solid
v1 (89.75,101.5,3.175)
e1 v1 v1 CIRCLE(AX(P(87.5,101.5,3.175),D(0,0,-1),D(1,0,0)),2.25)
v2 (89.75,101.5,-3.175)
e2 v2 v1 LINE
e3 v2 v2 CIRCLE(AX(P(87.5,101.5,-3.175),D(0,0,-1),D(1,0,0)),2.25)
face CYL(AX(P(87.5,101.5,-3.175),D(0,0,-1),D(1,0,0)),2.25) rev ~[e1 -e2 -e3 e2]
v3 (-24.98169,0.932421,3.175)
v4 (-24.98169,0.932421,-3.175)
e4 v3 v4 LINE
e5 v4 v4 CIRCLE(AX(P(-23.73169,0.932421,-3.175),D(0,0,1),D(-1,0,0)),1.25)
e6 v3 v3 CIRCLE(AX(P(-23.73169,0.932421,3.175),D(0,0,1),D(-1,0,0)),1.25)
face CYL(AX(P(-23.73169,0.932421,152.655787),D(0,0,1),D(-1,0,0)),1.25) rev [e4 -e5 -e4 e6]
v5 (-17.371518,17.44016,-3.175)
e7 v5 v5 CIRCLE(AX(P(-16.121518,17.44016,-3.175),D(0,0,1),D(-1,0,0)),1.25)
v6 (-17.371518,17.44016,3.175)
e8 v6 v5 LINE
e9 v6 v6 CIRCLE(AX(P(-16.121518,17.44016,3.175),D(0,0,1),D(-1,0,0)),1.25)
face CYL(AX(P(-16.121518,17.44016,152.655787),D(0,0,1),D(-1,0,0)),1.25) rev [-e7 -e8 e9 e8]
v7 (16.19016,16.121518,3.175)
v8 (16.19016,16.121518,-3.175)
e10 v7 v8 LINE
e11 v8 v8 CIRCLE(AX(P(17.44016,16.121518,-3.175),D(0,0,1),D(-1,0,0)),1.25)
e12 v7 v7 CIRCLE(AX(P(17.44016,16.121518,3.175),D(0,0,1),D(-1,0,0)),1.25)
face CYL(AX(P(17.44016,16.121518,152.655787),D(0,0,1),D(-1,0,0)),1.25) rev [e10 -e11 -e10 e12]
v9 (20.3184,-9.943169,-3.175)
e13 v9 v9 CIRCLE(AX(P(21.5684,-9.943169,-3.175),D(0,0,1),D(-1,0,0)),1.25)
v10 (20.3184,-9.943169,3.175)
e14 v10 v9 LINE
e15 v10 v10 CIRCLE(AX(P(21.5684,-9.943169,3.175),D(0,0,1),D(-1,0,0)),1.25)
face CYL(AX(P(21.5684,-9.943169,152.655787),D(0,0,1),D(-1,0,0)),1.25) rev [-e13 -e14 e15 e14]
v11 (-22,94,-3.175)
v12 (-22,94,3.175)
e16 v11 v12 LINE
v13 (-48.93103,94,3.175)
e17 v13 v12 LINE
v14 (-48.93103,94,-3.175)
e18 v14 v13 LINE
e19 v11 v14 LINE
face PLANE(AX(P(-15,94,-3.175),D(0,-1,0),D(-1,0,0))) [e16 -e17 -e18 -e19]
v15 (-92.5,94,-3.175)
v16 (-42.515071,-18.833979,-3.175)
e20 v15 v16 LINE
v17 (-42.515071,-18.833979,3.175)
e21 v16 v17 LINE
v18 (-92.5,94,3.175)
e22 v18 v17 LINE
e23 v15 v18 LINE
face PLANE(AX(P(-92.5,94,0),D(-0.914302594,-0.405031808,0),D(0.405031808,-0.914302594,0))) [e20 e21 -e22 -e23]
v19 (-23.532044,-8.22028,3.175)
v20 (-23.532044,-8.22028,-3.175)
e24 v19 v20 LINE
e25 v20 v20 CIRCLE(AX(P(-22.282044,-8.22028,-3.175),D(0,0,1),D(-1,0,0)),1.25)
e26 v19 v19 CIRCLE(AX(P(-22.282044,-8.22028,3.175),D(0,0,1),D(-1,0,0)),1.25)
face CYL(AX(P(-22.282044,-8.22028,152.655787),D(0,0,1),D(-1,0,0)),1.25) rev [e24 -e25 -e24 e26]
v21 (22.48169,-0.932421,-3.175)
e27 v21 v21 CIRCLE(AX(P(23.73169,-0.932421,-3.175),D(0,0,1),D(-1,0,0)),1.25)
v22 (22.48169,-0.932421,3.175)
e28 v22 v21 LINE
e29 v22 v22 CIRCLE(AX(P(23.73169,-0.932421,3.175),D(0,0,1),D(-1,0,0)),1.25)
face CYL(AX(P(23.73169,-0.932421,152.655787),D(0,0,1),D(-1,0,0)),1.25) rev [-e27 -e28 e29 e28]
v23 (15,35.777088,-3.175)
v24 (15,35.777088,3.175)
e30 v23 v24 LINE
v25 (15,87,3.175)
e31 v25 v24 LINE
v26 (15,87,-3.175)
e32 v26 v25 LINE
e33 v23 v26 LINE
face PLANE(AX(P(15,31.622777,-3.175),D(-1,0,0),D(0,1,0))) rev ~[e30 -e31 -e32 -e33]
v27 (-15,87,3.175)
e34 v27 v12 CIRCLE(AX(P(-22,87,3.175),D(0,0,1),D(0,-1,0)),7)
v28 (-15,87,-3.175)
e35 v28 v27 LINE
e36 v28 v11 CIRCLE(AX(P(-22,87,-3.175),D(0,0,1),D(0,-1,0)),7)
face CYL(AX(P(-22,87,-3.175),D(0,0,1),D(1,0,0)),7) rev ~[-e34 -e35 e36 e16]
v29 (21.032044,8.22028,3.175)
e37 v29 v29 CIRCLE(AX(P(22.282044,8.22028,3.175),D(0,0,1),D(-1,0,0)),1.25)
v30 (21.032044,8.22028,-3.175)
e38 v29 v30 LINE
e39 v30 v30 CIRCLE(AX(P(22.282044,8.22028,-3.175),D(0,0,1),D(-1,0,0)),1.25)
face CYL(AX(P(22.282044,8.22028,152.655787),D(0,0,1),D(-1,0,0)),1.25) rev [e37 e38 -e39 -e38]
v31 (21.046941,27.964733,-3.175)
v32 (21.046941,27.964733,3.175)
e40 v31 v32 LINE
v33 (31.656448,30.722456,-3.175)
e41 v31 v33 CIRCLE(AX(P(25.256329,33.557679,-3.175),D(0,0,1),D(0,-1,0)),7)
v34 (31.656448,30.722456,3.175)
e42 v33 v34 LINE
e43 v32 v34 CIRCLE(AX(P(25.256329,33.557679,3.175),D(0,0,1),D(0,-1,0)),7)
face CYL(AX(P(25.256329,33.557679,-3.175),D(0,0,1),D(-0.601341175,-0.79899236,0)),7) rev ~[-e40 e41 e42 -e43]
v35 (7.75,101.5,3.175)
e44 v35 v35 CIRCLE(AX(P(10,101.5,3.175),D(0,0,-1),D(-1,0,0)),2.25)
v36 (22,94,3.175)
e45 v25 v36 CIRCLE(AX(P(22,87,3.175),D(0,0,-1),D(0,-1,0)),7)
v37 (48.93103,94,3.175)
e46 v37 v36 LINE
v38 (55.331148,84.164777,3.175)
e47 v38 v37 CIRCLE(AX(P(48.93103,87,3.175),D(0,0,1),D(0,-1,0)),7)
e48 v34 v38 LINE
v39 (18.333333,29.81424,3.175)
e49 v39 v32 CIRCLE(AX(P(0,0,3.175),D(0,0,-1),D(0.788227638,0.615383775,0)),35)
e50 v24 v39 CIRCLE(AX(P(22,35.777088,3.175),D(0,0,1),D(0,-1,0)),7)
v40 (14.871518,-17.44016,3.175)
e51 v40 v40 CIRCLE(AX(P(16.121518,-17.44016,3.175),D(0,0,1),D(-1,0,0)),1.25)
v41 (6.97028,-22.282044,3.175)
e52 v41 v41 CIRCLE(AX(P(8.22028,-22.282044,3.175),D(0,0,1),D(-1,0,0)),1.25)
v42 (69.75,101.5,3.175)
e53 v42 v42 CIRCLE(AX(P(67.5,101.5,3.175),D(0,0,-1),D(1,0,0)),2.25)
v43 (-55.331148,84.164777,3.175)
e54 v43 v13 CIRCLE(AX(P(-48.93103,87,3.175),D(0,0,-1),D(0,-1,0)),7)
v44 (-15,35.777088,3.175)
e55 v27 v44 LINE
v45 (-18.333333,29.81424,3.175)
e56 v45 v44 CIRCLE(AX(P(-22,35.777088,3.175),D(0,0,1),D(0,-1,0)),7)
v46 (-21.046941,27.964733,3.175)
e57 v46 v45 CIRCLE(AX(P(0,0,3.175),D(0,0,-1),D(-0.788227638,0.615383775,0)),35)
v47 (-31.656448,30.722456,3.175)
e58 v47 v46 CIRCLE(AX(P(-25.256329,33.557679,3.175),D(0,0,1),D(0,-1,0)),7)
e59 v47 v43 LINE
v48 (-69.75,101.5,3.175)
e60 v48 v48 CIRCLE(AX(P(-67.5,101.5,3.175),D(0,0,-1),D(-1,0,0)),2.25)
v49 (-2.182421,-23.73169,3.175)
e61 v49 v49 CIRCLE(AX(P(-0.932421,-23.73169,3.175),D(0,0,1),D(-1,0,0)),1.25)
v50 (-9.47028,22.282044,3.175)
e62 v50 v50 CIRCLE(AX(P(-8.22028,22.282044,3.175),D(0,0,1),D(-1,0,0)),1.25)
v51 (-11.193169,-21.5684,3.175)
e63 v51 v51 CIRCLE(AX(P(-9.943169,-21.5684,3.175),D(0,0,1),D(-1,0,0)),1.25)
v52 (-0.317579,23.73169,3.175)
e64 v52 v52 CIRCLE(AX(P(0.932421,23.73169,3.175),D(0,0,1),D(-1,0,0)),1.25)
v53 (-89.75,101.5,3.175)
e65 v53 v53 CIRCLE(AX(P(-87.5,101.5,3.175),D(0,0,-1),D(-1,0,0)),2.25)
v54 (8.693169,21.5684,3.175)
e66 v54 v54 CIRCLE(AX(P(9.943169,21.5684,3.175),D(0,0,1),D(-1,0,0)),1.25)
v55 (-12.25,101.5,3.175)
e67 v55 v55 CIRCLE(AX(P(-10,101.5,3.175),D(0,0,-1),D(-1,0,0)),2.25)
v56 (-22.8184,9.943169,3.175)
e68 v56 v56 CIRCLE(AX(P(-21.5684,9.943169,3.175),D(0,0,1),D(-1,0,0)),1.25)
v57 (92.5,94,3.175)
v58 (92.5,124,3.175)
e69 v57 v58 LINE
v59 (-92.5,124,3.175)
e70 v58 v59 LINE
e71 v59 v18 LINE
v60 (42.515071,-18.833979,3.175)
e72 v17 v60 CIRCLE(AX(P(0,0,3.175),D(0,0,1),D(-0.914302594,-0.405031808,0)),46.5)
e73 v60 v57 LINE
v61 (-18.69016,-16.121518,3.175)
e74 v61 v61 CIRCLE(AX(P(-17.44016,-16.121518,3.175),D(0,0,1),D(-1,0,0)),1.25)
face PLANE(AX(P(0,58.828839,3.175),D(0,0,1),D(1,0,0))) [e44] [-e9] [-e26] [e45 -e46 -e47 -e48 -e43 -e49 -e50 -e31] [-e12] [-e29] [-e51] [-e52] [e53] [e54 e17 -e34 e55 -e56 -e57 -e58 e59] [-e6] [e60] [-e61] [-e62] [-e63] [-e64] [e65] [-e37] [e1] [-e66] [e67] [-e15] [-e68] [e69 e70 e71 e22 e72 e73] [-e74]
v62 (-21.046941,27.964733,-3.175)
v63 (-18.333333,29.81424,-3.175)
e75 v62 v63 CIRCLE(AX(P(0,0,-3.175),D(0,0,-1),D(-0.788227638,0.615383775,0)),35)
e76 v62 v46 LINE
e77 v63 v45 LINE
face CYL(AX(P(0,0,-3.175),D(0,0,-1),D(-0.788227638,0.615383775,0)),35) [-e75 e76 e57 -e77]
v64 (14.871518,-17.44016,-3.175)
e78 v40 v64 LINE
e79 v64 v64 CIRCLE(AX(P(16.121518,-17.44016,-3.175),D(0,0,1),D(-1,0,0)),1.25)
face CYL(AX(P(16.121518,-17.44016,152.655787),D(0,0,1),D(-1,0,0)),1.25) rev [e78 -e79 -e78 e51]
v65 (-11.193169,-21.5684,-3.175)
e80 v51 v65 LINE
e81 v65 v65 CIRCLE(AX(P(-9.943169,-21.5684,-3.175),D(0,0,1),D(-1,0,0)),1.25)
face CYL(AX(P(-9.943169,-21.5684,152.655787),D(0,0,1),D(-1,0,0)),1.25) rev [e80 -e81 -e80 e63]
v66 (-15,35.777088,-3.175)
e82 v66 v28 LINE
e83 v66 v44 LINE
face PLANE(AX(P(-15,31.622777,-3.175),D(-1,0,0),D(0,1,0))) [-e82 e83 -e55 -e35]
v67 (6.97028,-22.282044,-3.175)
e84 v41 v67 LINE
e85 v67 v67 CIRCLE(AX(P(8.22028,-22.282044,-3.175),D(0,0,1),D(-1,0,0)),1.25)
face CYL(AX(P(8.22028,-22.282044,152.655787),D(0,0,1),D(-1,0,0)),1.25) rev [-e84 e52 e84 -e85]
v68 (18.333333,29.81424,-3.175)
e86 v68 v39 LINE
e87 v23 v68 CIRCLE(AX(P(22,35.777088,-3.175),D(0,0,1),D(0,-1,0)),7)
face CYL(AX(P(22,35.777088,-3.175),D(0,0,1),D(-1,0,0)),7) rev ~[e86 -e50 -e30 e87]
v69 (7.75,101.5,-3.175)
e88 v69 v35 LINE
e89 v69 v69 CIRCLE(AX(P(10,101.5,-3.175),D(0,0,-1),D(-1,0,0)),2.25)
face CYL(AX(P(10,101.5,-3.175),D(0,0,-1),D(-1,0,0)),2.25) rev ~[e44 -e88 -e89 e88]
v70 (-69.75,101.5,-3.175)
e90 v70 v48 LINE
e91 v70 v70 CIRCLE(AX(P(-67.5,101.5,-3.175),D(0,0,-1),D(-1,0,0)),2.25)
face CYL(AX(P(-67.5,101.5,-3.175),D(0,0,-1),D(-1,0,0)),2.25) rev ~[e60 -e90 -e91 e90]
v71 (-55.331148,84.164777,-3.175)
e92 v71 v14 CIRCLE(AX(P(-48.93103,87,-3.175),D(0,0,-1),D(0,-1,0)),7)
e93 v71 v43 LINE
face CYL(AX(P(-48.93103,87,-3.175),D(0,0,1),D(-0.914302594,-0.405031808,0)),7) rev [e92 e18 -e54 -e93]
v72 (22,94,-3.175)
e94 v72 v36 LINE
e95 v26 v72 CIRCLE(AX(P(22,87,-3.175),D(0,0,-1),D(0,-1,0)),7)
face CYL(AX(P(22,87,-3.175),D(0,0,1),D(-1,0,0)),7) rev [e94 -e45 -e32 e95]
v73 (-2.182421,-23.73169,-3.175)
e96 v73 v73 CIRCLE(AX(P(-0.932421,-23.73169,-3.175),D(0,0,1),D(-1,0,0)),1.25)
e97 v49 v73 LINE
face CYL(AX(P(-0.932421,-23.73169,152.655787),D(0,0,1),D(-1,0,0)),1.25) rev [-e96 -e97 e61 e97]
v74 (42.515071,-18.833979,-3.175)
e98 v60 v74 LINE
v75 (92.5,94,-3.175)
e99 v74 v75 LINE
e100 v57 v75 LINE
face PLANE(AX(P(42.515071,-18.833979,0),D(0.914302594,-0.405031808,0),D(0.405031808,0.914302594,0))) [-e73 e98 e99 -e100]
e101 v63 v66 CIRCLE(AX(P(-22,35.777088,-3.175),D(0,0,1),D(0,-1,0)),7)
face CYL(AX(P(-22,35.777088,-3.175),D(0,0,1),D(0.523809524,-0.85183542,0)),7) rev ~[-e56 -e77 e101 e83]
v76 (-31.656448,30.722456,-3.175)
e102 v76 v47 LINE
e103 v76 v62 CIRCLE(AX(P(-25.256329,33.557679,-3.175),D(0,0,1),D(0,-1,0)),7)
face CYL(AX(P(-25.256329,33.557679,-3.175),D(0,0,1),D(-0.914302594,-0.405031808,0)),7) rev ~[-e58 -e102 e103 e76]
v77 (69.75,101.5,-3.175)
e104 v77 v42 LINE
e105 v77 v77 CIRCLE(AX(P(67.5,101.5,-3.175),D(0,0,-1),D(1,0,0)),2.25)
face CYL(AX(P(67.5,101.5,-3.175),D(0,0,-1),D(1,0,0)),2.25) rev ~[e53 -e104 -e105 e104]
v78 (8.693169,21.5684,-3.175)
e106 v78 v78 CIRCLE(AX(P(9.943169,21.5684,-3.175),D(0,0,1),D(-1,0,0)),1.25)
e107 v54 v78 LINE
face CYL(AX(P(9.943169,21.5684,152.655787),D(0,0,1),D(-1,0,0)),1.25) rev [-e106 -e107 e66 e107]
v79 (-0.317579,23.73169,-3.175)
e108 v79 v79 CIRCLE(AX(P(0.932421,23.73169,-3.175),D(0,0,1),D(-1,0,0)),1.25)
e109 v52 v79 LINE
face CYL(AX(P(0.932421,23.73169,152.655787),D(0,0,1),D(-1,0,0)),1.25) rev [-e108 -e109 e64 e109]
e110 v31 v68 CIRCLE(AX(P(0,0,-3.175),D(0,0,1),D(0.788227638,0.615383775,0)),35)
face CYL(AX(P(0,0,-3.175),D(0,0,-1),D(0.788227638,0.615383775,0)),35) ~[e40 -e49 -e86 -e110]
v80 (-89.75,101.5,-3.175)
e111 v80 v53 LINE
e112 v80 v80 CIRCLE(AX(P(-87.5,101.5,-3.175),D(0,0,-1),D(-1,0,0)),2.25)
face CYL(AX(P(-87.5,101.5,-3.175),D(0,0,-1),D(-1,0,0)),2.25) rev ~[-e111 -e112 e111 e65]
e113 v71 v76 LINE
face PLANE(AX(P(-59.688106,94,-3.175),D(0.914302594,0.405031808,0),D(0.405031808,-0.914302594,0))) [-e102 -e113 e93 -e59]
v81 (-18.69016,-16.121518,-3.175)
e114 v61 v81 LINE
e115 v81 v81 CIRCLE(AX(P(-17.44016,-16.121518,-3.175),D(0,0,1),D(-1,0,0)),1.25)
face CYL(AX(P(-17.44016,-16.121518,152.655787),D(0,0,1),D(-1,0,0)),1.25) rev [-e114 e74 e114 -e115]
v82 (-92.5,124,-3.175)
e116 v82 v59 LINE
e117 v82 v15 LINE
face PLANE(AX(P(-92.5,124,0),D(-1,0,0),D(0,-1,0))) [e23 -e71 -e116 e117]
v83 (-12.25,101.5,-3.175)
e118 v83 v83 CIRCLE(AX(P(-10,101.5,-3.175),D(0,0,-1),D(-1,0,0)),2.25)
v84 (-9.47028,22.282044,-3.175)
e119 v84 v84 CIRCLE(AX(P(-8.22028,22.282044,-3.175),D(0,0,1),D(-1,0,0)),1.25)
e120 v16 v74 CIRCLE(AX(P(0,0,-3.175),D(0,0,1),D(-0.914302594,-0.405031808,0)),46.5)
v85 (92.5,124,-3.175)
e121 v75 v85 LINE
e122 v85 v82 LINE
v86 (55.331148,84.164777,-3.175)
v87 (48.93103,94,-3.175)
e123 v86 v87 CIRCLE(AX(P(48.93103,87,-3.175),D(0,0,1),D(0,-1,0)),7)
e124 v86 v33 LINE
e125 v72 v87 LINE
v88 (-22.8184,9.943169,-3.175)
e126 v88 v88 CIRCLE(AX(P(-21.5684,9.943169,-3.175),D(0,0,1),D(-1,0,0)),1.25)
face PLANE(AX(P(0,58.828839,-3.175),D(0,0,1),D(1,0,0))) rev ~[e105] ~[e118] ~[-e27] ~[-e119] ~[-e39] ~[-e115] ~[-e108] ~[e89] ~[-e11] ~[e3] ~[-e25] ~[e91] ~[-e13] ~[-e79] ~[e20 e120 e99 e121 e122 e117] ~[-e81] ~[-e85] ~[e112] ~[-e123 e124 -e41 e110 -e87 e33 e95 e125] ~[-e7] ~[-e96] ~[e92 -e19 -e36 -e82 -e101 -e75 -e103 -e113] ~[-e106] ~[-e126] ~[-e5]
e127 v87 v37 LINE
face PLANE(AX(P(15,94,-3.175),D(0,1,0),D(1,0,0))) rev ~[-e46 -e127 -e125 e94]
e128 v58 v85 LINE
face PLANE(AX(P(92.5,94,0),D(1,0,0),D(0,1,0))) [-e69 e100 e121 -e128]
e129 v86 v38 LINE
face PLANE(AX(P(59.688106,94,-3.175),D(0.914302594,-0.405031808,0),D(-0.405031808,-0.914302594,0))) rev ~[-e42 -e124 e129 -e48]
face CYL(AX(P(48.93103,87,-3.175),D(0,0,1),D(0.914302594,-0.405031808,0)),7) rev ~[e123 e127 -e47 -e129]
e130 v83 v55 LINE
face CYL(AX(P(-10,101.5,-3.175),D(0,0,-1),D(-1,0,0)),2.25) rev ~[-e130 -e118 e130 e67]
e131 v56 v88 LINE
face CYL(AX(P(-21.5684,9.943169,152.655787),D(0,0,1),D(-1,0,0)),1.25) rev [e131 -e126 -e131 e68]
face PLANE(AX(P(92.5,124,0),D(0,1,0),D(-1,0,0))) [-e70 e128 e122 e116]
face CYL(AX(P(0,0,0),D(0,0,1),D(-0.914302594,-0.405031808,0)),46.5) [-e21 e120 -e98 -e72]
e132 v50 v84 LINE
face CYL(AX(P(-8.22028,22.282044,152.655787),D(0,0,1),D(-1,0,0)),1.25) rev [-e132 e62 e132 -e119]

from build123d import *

# Parameters (mm, degrees)
BOSS_EXTRUDE1_DEPTH     = 3.175
CUT_EXTRUDE2_DEPTH      = 155.830786667
CUT_EXTRUDE2_DEPTH_BACK = 155.830786667
SKETCH3_R               = 1.25
SKETCH4_R               = 2.25
CUT_EXTRUDE3_DEPTH      = 155.830786667
CUT_EXTRUDE4_DEPTH      = 155.830786667
FILLET1_R               = 7


with BuildPart() as part:
    # Sketch1 → Boss-Extrude1 (new, symmetric)
    with BuildSketch(Plane.XY):
        with BuildLine():
            Line((92.5, 124), (-92.5, 124))
            Line((-92.5, 124), (-92.5, 94))
            Line((-92.5, 94), (-42.515070642, -18.833979089))
            ThreePointArc((-42.515070642, -18.833979089), (0, -46.5), (42.515070642, -18.833979089))
            Line((42.515070642, -18.833979089), (92.5, 94))
            Line((92.5, 94), (92.5, 124))
        make_face()
    extrude(amount=BOSS_EXTRUDE1_DEPTH, both=True)

    # Sketch3 → Cut-Extrude2 (cut, two sides: drawn at the far end of the back side and taken through both)
    with BuildSketch(Plane(origin=(0, 0, -3.175), x_dir=(-1, 0, 0), z_dir=(0, 0, -1)).offset(-CUT_EXTRUDE2_DEPTH_BACK)):
        with Locations((17.440159599, -16.121517706)):
            Circle(SKETCH3_R)
        with Locations((22.282044228, -8.220280106)):
            Circle(SKETCH3_R)
        with Locations((9.943168767, -21.568400378)):
            Circle(SKETCH3_R)
        with Locations((0.932420624, -23.731689611)):
            Circle(SKETCH3_R)
        with Locations((-8.220280106, -22.282044228)):
            Circle(SKETCH3_R)
        with Locations((-16.121517706, -17.440159599)):
            Circle(SKETCH3_R)
        with Locations((-21.568400378, -9.943168767)):
            Circle(SKETCH3_R)
        with Locations((-23.731689611, -0.932420624)):
            Circle(SKETCH3_R)
        with Locations((-22.282044228, 8.220280106)):
            Circle(SKETCH3_R)
        with Locations((-17.440159599, 16.121517706)):
            Circle(SKETCH3_R)
        with Locations((-9.943168767, 21.568400378)):
            Circle(SKETCH3_R)
        with Locations((-0.932420624, 23.731689611)):
            Circle(SKETCH3_R)
        with Locations((8.220280106, 22.282044228)):
            Circle(SKETCH3_R)
        with Locations((16.121517706, 17.440159599)):
            Circle(SKETCH3_R)
        with Locations((21.568400378, 9.943168767)):
            Circle(SKETCH3_R)
        with Locations((23.731689611, 0.932420624)):
            Circle(SKETCH3_R)
    extrude(amount=CUT_EXTRUDE2_DEPTH + CUT_EXTRUDE2_DEPTH_BACK, mode=Mode.SUBTRACT)

    # Sketch4 → Cut-Extrude3 (cut, through all)
    with BuildSketch(Plane(origin=(0, 0, -3.175), x_dir=(-1, 0, 0), z_dir=(0, 0, -1))):
        with Locations((67.5, 101.5)):
            Circle(SKETCH4_R)
        with Locations((87.5, 101.5)):
            Circle(SKETCH4_R)
        with Locations((-87.5, 101.5)):
            Circle(SKETCH4_R)
        with Locations((-67.5, 101.5)):
            Circle(SKETCH4_R)
        with Locations((-10, 101.5)):
            Circle(SKETCH4_R)
        with Locations((10, 101.5)):
            Circle(SKETCH4_R)
    extrude(amount=-CUT_EXTRUDE3_DEPTH, mode=Mode.SUBTRACT)

    # Sketch5 → Cut-Extrude4 (cut, through all)
    with BuildSketch(Plane(origin=(0, 0, -3.175), x_dir=(-1, 0, 0), z_dir=(0, 0, -1))):
        with BuildLine():
            Line((-15, 94), (-59.688105795, 94))
            Line((-59.688105795, 94), (-27.587967337, 21.538432121))
            ThreePointArc((-27.587967337, 21.538432121), (-21.882806981, 27.315613825), (-15, 31.622776602))
            Line((-15, 31.622776602), (-15, 94))
        make_face()
        with BuildLine():
            Line((59.688105795, 94), (27.587967337, 21.538432121))
            ThreePointArc((27.587967337, 21.538432121), (21.882806981, 27.315613825), (15, 31.622776602))
            Line((15, 31.622776602), (15, 94))
            Line((15, 94), (59.688105795, 94))
        make_face()
    extrude(amount=-CUT_EXTRUDE4_DEPTH, mode=Mode.SUBTRACT)

    # Fillet1
    fillet1_edges = [part.edges().sort_by_distance(p)[0] for p in [
        (-59.688105795, 94, 0),
        (-27.587967337, 21.538432121, 0),
        (-15, 31.622776602, 0),
        (-15, 94, 0),
        (15, 31.622776602, 0),
        (27.587967337, 21.538432121, 0),
        (15, 94, 0),
        (59.688105795, 94, 0),
    ]]
    fillet(fillet1_edges, radius=FILLET1_R)


solid = part.part
